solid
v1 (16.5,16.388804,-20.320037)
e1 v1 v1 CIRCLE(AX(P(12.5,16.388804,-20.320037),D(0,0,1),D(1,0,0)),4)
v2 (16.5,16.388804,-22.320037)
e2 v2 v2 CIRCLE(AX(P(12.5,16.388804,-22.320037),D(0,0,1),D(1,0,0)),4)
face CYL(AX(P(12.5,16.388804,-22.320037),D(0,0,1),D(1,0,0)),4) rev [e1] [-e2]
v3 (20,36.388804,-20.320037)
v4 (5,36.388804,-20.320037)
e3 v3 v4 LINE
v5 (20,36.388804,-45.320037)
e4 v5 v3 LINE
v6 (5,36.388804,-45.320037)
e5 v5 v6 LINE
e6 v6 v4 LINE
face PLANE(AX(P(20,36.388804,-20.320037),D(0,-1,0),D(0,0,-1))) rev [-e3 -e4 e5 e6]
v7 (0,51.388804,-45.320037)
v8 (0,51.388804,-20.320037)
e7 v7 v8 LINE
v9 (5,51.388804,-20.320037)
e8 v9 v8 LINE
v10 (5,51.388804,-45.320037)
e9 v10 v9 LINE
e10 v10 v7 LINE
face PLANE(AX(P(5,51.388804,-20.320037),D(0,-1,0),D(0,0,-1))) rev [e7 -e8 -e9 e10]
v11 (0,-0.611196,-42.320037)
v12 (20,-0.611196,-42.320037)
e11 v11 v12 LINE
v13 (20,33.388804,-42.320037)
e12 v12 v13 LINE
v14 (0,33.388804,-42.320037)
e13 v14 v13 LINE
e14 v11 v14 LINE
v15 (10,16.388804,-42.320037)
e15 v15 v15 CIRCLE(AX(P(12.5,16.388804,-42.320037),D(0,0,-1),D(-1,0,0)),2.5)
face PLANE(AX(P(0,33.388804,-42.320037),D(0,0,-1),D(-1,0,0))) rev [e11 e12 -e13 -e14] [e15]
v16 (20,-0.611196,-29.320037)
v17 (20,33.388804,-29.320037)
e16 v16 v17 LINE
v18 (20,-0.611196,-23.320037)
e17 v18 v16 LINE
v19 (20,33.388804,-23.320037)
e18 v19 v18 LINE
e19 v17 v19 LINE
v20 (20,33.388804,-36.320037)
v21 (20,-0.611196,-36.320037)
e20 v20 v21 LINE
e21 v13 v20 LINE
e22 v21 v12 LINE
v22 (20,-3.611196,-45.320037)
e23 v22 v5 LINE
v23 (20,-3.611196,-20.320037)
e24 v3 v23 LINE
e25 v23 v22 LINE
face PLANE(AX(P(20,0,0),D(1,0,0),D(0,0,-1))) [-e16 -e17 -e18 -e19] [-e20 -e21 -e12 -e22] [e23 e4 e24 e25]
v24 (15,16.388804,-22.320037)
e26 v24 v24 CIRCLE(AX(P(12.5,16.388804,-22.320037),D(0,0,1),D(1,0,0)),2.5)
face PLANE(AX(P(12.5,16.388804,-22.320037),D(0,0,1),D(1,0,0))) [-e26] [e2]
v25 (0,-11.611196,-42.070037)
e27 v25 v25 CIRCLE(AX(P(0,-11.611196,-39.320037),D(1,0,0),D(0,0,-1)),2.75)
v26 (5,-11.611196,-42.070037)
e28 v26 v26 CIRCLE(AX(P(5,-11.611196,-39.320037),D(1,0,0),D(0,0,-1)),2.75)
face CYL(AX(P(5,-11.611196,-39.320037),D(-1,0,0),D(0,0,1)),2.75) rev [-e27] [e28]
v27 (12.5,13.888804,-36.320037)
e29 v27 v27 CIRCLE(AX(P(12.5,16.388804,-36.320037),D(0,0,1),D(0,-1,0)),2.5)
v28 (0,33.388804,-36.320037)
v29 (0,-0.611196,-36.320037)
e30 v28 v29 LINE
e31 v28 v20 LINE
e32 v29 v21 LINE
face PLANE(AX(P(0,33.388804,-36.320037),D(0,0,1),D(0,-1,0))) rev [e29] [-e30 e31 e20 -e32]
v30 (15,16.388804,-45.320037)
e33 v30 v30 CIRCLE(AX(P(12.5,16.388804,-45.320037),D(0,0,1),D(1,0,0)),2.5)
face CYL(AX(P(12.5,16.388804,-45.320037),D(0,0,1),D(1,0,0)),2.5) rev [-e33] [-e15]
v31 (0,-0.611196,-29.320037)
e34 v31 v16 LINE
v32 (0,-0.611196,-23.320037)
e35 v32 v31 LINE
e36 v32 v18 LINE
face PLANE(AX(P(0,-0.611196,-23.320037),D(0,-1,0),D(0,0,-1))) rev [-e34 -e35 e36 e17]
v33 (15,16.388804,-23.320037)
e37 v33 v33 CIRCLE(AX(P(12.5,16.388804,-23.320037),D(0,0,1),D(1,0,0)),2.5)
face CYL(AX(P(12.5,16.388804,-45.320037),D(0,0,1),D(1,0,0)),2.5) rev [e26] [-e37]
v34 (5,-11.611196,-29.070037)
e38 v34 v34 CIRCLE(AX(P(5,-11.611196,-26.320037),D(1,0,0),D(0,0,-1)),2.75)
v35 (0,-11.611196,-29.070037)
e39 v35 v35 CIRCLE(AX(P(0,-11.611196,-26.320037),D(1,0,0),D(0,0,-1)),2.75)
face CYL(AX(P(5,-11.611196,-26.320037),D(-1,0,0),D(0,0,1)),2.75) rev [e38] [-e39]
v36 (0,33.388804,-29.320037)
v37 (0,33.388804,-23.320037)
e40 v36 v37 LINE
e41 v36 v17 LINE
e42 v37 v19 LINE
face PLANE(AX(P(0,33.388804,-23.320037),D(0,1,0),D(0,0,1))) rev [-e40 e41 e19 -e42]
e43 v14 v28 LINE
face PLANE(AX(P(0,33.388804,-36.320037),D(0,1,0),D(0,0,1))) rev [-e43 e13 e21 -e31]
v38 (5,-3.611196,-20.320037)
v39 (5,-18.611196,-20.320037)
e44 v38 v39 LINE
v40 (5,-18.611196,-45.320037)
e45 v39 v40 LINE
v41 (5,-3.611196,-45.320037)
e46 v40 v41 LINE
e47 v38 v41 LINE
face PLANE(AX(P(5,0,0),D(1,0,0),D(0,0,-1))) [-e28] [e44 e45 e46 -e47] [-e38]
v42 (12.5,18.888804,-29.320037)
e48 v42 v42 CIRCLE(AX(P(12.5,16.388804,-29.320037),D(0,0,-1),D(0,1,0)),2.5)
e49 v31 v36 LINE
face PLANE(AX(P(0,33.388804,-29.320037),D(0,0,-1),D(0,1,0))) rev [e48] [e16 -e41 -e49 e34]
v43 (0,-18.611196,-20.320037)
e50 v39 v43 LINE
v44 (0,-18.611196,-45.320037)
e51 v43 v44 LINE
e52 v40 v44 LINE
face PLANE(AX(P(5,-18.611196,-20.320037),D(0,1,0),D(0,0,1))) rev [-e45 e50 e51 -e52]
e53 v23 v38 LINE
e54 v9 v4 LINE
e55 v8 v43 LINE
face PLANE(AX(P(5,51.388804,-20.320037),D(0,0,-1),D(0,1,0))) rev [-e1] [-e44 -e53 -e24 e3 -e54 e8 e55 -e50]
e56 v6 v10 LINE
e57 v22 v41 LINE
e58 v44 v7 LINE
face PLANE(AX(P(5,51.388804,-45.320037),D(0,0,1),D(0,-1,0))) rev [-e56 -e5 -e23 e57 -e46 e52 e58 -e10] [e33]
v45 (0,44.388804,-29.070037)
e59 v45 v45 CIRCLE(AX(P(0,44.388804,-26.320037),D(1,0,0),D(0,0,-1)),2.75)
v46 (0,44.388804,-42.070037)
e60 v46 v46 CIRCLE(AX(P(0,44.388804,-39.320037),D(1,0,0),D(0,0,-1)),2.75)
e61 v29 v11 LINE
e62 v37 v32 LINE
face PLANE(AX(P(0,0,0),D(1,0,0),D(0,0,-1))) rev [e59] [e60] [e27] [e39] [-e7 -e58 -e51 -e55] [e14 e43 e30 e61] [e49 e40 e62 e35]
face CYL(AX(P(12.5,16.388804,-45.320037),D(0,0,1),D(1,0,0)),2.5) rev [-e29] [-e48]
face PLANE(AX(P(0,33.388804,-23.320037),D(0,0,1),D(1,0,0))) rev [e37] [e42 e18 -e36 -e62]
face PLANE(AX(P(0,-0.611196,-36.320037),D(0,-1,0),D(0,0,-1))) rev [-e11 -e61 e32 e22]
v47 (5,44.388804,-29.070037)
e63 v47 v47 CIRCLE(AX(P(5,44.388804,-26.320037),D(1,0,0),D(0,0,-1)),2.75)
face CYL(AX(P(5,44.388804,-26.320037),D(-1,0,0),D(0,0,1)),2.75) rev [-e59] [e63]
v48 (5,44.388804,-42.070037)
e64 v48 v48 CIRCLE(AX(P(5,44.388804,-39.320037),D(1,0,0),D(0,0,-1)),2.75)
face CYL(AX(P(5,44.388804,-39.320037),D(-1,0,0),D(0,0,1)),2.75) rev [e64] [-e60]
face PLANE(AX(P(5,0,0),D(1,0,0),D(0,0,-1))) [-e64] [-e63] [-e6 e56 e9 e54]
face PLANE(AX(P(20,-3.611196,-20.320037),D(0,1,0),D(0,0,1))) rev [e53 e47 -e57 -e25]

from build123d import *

# Parameters (mm, degrees)
SKICA1_W                 = 25
SKICA1_H                 = 70
SKICA1_R                 = 2.75
P_IDAT_VYSUNUT_M1_DEPTH  = 5
SKICA2_W                 = 25
SKICA2_H                 = 40
P_IDAT_VYSUNUT_M2_DEPTH  = 15
SKICA3_W                 = 6
SKICA3_H                 = 34
ODEBRAT_VYSUNUT_M1_DEPTH = 72.377271817
SKICA4_R                 = 4
ODEBRAT_VYSUNUT_M2_DEPTH = 2
SKICA5_R                 = 2.5
ODEBRAT_VYSUNUT_M3_DEPTH = 60.747879831


with BuildPart() as part:
    # Skica1 → Přidat vysunutím1 (new body)
    with BuildSketch(Plane(origin=(0, 0, 0), x_dir=(0, 0, -1), z_dir=(1, 0, 0))):
        with Locations((32.820037376, 16.388803686)):
            Rectangle(SKICA1_W, SKICA1_H)
        with Locations((26.320037376, 44.388803686)):
            Circle(SKICA1_R, mode=Mode.SUBTRACT)
        with Locations((39.320037376, 44.388803686)):
            Circle(SKICA1_R, mode=Mode.SUBTRACT)
        with Locations((26.320037376, -11.611196314)):
            Circle(SKICA1_R, mode=Mode.SUBTRACT)
        with Locations((39.320037376, -11.611196314)):
            Circle(SKICA1_R, mode=Mode.SUBTRACT)
    extrude(amount=P_IDAT_VYSUNUT_M1_DEPTH)

    # Skica2 → Přidat vysunutím2 (add)
    with BuildSketch(Plane(origin=(5, 0, 0), x_dir=(0, 0, -1), z_dir=(1, 0, 0))):
        with Locations((32.820037376, 16.388803686)):
            Rectangle(SKICA2_W, SKICA2_H)
    extrude(amount=P_IDAT_VYSUNUT_M2_DEPTH)

    # Skica3 → Odebrat vysunutím1 (cut, through all)
    with BuildSketch(Plane(origin=(20, 0, 0), x_dir=(0, 0, -1), z_dir=(1, 0, 0))):
        with Locations((26.320037376, 16.388803686)):
            Rectangle(SKICA3_W, SKICA3_H)
        with Locations((39.320037376, 16.388803686)):
            Rectangle(SKICA3_W, SKICA3_H)
    extrude(amount=-ODEBRAT_VYSUNUT_M1_DEPTH, mode=Mode.SUBTRACT)

    # Skica4 → Odebrat vysunutím2 (cut)
    with BuildSketch(Plane.XY.offset(-20.320037376)):
        with Locations((12.5, 16.388803686)):
            Circle(SKICA4_R)
    extrude(amount=-ODEBRAT_VYSUNUT_M2_DEPTH, mode=Mode.SUBTRACT)

    # Skica5 → Odebrat vysunutím3 (cut, through all)
    with BuildSketch(Plane.XY.offset(-22.320037376)):
        with Locations(Location((12.5, 16.388803686, 0), (0, 0, 90))):
            Circle(SKICA5_R)
    extrude(amount=-ODEBRAT_VYSUNUT_M3_DEPTH, mode=Mode.SUBTRACT)


solid = part.part
